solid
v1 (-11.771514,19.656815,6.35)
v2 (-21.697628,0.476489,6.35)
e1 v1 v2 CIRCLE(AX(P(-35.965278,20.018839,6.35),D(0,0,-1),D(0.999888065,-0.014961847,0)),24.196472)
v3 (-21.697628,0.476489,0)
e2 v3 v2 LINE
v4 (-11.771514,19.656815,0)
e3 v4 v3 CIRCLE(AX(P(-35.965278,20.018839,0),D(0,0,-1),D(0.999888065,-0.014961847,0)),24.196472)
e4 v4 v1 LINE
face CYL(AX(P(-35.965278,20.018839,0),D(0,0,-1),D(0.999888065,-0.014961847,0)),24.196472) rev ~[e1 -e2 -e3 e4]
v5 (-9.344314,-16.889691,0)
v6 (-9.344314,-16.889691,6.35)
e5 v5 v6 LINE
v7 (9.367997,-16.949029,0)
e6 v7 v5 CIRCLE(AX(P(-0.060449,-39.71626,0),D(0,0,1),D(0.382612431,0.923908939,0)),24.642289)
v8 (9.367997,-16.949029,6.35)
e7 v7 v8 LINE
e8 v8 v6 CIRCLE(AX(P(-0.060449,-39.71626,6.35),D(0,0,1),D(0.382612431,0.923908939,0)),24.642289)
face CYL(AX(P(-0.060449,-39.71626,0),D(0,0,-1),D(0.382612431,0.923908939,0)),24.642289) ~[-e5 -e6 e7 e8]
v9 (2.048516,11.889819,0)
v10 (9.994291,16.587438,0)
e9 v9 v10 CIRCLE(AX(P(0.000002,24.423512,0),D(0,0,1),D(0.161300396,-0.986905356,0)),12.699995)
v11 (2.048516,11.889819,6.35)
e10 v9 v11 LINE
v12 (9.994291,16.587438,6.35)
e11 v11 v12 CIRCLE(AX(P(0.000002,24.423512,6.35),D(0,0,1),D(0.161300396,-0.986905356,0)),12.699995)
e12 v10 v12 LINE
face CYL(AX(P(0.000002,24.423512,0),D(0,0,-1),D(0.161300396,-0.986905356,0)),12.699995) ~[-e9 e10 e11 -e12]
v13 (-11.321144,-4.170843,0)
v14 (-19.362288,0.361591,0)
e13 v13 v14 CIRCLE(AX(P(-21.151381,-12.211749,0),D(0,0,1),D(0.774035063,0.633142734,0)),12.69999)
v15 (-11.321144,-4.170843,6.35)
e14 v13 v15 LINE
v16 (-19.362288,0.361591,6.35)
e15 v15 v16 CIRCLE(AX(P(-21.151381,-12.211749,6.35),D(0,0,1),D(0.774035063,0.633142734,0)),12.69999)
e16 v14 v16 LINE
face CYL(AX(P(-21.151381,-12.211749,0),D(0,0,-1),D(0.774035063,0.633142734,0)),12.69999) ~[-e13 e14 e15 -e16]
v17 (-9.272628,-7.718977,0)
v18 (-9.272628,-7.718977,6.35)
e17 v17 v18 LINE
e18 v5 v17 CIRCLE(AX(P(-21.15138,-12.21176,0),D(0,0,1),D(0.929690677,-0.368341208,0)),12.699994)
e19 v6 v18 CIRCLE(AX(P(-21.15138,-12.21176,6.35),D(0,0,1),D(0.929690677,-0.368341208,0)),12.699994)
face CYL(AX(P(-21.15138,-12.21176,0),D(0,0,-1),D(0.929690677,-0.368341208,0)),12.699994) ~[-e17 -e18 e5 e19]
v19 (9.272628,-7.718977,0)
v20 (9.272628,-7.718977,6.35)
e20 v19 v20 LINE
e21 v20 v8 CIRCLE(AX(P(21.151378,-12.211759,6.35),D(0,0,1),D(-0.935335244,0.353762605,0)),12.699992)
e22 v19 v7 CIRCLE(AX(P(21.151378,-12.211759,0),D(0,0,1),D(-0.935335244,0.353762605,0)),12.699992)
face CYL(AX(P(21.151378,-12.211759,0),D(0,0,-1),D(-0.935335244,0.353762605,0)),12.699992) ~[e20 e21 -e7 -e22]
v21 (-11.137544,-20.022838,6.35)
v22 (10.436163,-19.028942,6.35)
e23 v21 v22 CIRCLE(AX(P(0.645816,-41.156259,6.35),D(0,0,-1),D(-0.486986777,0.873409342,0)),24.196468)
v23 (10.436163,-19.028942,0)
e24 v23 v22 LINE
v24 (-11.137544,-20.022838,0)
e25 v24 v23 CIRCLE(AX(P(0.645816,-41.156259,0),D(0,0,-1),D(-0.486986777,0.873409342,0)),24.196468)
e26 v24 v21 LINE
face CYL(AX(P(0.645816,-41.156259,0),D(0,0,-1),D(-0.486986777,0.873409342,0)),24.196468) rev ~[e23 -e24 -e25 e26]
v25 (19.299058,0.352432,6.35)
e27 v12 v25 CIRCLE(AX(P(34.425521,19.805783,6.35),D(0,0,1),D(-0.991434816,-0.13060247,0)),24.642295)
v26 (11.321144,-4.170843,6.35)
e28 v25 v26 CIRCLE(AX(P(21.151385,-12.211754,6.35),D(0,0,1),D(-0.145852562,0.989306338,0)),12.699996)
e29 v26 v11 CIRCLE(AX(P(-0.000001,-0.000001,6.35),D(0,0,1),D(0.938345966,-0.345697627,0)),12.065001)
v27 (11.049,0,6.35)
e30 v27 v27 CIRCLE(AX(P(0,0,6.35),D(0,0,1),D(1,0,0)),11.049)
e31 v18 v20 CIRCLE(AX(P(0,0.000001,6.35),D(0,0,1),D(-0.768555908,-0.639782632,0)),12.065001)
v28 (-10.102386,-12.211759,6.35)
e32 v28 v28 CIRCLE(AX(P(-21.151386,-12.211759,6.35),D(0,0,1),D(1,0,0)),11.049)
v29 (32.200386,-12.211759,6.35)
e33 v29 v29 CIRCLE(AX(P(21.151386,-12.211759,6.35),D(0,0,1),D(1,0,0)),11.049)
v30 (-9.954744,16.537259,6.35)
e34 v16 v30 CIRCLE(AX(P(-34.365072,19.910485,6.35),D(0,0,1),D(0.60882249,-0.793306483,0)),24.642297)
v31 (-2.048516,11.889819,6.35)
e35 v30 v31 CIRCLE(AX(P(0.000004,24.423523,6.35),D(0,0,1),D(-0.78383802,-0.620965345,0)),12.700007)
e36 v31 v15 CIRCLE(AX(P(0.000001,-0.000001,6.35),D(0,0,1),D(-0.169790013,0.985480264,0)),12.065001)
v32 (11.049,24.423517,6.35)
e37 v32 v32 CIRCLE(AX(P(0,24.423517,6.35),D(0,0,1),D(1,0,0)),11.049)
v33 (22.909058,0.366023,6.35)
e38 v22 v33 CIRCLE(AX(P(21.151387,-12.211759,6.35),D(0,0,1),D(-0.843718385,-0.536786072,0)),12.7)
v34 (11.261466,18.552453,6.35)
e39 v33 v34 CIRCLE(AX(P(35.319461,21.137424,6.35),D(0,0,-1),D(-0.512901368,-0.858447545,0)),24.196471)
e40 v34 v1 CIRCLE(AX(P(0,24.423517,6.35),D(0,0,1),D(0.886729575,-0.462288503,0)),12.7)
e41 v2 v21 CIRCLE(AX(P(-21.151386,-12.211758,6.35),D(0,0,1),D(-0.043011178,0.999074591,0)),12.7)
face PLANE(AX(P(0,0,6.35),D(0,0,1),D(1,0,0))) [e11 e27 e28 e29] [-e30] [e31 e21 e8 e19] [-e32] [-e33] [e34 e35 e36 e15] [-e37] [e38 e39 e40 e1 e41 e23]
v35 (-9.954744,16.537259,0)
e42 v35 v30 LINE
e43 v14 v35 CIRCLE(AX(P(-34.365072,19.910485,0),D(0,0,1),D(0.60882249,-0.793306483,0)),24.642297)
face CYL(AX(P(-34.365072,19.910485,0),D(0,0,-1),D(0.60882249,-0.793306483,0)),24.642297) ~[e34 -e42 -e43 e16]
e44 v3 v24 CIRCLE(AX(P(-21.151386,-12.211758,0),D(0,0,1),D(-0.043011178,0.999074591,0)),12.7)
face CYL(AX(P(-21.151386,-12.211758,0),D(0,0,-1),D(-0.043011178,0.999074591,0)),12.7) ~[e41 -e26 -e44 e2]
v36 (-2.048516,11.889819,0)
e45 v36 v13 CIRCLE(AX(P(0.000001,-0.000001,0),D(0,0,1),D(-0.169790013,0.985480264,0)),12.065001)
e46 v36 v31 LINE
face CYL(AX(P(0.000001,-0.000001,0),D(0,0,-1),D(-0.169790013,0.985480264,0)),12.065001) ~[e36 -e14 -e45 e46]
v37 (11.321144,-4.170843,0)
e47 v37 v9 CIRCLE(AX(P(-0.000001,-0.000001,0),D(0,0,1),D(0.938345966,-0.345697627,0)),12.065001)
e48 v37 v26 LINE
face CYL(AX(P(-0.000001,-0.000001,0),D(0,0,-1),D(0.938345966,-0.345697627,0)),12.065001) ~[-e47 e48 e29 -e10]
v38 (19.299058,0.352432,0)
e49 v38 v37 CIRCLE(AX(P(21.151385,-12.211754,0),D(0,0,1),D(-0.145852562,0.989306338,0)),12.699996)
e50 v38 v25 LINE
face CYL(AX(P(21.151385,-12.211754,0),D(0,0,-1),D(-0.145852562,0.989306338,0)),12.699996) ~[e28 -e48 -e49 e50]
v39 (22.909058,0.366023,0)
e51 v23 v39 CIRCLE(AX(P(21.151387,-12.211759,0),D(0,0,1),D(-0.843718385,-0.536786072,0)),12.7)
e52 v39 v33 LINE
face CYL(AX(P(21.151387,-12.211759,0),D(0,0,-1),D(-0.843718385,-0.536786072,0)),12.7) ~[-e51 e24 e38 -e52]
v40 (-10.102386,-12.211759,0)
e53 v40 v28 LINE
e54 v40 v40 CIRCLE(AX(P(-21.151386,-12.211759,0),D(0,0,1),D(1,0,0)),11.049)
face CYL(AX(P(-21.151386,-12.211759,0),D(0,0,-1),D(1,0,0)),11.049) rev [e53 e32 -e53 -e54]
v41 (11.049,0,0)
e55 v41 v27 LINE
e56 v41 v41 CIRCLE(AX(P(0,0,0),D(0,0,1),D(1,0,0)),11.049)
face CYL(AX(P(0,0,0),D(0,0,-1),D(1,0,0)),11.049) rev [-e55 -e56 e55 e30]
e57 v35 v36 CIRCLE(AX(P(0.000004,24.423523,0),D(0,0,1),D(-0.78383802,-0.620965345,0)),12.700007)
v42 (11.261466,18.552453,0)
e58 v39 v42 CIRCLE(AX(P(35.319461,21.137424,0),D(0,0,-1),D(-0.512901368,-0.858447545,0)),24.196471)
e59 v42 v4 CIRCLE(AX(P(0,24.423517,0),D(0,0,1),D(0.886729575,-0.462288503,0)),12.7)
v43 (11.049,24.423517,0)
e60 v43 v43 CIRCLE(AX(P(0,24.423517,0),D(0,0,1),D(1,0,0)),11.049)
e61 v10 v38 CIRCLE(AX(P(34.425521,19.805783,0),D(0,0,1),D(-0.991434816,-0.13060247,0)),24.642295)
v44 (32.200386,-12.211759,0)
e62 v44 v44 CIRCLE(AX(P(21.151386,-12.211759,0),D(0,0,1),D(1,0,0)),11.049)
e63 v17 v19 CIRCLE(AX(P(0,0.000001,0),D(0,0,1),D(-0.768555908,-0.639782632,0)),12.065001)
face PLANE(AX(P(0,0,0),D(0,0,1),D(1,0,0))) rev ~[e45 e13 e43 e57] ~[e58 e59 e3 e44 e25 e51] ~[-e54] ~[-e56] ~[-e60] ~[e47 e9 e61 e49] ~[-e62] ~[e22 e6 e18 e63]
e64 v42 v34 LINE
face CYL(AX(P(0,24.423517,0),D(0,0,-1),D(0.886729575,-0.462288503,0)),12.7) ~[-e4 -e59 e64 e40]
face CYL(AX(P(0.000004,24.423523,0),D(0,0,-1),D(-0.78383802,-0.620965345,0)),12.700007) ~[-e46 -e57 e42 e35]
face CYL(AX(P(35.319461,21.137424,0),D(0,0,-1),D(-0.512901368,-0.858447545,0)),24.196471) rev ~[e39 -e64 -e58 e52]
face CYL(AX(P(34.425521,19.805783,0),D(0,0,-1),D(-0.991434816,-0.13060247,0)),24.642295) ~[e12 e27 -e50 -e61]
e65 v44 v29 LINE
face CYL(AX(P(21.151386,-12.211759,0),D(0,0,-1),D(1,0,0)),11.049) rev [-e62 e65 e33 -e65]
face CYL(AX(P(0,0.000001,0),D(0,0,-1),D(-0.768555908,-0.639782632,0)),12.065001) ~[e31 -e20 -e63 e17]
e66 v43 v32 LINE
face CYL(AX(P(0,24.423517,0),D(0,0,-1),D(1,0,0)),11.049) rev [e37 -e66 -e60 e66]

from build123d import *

# Parameters (mm, degrees)
F0_R     = 11.049
F1_DEPTH = 6.35


with BuildPart() as f1:
    # F0 (on Top) → F1 (new body)
    with BuildSketch(Plane.XY):
        with BuildLine():
            ThreePointArc((-11.771514, 19.656815), (-14.475948, 8.897779), (-21.697628, 0.476489))
            ThreePointArc((-21.697628, 0.476489), (-32.441402, -18.027731), (-11.137544, -20.022838))
            ThreePointArc((-11.137544, -20.022838), (-0.467729, -16.985428), (10.436163, -19.028942))
            ThreePointArc((10.436163, -19.028942), (31.833175, -19.081213), (22.909058, 0.366023))
            ThreePointArc((22.909058, 0.366023), (14.943677, 8.087649), (11.261466, 18.552453))
            ThreePointArc((11.261466, 18.552453), (0.608228, 37.108944), (-11.771514, 19.656815))
        make_face()
        with Locations((-21.151386, -12.211759)):
            Circle(F0_R, mode=Mode.SUBTRACT)
        with BuildLine():
            ThreePointArc((-9.272628, -7.718977), (0, -12.065), (9.272628, -7.718977))
            ThreePointArc((9.272628, -7.718977), (8.452064, -12.342974), (9.367997, -16.949029))
            ThreePointArc((9.367997, -16.949029), (0.017693, -15.074095), (-9.344314, -16.889691))
            ThreePointArc((-9.344314, -16.889691), (-8.451774, -12.31103), (-9.272628, -7.718977))
        make_face(mode=Mode.SUBTRACT)
        with Locations((21.151386, -12.211759)):
            Circle(F0_R, mode=Mode.SUBTRACT)
        Circle(F0_R, mode=Mode.SUBTRACT)
        with BuildLine():
            ThreePointArc((-9.954744, 16.537259), (-6.435778, 13.474967), (-2.048516, 11.889819))
            ThreePointArc((-2.048516, 11.889819), (-10.448596, 6.0325), (-11.321144, -4.170843))
            ThreePointArc((-11.321144, -4.170843), (-14.915361, -1.148215), (-19.362288, 0.361591))
            ThreePointArc((-19.362288, 0.361591), (-13.063396, 7.521725), (-9.954744, 16.537259))
        make_face(mode=Mode.SUBTRACT)
        with BuildLine():
            ThreePointArc((11.321144, -4.170843), (10.448596, 6.0325), (2.048516, 11.889819))
            ThreePointArc((2.048516, 11.889819), (6.463297, 13.491189), (9.994291, 16.587438))
            ThreePointArc((9.994291, 16.587438), (13.045703, 7.55237), (19.299058, 0.352432))
            ThreePointArc((19.299058, 0.352432), (14.887552, -1.163936), (11.321144, -4.170843))
        make_face(mode=Mode.SUBTRACT)
        with Locations((0, 24.423517)):
            Circle(F0_R, mode=Mode.SUBTRACT)
    extrude(amount=F1_DEPTH)


solid = f1.part
